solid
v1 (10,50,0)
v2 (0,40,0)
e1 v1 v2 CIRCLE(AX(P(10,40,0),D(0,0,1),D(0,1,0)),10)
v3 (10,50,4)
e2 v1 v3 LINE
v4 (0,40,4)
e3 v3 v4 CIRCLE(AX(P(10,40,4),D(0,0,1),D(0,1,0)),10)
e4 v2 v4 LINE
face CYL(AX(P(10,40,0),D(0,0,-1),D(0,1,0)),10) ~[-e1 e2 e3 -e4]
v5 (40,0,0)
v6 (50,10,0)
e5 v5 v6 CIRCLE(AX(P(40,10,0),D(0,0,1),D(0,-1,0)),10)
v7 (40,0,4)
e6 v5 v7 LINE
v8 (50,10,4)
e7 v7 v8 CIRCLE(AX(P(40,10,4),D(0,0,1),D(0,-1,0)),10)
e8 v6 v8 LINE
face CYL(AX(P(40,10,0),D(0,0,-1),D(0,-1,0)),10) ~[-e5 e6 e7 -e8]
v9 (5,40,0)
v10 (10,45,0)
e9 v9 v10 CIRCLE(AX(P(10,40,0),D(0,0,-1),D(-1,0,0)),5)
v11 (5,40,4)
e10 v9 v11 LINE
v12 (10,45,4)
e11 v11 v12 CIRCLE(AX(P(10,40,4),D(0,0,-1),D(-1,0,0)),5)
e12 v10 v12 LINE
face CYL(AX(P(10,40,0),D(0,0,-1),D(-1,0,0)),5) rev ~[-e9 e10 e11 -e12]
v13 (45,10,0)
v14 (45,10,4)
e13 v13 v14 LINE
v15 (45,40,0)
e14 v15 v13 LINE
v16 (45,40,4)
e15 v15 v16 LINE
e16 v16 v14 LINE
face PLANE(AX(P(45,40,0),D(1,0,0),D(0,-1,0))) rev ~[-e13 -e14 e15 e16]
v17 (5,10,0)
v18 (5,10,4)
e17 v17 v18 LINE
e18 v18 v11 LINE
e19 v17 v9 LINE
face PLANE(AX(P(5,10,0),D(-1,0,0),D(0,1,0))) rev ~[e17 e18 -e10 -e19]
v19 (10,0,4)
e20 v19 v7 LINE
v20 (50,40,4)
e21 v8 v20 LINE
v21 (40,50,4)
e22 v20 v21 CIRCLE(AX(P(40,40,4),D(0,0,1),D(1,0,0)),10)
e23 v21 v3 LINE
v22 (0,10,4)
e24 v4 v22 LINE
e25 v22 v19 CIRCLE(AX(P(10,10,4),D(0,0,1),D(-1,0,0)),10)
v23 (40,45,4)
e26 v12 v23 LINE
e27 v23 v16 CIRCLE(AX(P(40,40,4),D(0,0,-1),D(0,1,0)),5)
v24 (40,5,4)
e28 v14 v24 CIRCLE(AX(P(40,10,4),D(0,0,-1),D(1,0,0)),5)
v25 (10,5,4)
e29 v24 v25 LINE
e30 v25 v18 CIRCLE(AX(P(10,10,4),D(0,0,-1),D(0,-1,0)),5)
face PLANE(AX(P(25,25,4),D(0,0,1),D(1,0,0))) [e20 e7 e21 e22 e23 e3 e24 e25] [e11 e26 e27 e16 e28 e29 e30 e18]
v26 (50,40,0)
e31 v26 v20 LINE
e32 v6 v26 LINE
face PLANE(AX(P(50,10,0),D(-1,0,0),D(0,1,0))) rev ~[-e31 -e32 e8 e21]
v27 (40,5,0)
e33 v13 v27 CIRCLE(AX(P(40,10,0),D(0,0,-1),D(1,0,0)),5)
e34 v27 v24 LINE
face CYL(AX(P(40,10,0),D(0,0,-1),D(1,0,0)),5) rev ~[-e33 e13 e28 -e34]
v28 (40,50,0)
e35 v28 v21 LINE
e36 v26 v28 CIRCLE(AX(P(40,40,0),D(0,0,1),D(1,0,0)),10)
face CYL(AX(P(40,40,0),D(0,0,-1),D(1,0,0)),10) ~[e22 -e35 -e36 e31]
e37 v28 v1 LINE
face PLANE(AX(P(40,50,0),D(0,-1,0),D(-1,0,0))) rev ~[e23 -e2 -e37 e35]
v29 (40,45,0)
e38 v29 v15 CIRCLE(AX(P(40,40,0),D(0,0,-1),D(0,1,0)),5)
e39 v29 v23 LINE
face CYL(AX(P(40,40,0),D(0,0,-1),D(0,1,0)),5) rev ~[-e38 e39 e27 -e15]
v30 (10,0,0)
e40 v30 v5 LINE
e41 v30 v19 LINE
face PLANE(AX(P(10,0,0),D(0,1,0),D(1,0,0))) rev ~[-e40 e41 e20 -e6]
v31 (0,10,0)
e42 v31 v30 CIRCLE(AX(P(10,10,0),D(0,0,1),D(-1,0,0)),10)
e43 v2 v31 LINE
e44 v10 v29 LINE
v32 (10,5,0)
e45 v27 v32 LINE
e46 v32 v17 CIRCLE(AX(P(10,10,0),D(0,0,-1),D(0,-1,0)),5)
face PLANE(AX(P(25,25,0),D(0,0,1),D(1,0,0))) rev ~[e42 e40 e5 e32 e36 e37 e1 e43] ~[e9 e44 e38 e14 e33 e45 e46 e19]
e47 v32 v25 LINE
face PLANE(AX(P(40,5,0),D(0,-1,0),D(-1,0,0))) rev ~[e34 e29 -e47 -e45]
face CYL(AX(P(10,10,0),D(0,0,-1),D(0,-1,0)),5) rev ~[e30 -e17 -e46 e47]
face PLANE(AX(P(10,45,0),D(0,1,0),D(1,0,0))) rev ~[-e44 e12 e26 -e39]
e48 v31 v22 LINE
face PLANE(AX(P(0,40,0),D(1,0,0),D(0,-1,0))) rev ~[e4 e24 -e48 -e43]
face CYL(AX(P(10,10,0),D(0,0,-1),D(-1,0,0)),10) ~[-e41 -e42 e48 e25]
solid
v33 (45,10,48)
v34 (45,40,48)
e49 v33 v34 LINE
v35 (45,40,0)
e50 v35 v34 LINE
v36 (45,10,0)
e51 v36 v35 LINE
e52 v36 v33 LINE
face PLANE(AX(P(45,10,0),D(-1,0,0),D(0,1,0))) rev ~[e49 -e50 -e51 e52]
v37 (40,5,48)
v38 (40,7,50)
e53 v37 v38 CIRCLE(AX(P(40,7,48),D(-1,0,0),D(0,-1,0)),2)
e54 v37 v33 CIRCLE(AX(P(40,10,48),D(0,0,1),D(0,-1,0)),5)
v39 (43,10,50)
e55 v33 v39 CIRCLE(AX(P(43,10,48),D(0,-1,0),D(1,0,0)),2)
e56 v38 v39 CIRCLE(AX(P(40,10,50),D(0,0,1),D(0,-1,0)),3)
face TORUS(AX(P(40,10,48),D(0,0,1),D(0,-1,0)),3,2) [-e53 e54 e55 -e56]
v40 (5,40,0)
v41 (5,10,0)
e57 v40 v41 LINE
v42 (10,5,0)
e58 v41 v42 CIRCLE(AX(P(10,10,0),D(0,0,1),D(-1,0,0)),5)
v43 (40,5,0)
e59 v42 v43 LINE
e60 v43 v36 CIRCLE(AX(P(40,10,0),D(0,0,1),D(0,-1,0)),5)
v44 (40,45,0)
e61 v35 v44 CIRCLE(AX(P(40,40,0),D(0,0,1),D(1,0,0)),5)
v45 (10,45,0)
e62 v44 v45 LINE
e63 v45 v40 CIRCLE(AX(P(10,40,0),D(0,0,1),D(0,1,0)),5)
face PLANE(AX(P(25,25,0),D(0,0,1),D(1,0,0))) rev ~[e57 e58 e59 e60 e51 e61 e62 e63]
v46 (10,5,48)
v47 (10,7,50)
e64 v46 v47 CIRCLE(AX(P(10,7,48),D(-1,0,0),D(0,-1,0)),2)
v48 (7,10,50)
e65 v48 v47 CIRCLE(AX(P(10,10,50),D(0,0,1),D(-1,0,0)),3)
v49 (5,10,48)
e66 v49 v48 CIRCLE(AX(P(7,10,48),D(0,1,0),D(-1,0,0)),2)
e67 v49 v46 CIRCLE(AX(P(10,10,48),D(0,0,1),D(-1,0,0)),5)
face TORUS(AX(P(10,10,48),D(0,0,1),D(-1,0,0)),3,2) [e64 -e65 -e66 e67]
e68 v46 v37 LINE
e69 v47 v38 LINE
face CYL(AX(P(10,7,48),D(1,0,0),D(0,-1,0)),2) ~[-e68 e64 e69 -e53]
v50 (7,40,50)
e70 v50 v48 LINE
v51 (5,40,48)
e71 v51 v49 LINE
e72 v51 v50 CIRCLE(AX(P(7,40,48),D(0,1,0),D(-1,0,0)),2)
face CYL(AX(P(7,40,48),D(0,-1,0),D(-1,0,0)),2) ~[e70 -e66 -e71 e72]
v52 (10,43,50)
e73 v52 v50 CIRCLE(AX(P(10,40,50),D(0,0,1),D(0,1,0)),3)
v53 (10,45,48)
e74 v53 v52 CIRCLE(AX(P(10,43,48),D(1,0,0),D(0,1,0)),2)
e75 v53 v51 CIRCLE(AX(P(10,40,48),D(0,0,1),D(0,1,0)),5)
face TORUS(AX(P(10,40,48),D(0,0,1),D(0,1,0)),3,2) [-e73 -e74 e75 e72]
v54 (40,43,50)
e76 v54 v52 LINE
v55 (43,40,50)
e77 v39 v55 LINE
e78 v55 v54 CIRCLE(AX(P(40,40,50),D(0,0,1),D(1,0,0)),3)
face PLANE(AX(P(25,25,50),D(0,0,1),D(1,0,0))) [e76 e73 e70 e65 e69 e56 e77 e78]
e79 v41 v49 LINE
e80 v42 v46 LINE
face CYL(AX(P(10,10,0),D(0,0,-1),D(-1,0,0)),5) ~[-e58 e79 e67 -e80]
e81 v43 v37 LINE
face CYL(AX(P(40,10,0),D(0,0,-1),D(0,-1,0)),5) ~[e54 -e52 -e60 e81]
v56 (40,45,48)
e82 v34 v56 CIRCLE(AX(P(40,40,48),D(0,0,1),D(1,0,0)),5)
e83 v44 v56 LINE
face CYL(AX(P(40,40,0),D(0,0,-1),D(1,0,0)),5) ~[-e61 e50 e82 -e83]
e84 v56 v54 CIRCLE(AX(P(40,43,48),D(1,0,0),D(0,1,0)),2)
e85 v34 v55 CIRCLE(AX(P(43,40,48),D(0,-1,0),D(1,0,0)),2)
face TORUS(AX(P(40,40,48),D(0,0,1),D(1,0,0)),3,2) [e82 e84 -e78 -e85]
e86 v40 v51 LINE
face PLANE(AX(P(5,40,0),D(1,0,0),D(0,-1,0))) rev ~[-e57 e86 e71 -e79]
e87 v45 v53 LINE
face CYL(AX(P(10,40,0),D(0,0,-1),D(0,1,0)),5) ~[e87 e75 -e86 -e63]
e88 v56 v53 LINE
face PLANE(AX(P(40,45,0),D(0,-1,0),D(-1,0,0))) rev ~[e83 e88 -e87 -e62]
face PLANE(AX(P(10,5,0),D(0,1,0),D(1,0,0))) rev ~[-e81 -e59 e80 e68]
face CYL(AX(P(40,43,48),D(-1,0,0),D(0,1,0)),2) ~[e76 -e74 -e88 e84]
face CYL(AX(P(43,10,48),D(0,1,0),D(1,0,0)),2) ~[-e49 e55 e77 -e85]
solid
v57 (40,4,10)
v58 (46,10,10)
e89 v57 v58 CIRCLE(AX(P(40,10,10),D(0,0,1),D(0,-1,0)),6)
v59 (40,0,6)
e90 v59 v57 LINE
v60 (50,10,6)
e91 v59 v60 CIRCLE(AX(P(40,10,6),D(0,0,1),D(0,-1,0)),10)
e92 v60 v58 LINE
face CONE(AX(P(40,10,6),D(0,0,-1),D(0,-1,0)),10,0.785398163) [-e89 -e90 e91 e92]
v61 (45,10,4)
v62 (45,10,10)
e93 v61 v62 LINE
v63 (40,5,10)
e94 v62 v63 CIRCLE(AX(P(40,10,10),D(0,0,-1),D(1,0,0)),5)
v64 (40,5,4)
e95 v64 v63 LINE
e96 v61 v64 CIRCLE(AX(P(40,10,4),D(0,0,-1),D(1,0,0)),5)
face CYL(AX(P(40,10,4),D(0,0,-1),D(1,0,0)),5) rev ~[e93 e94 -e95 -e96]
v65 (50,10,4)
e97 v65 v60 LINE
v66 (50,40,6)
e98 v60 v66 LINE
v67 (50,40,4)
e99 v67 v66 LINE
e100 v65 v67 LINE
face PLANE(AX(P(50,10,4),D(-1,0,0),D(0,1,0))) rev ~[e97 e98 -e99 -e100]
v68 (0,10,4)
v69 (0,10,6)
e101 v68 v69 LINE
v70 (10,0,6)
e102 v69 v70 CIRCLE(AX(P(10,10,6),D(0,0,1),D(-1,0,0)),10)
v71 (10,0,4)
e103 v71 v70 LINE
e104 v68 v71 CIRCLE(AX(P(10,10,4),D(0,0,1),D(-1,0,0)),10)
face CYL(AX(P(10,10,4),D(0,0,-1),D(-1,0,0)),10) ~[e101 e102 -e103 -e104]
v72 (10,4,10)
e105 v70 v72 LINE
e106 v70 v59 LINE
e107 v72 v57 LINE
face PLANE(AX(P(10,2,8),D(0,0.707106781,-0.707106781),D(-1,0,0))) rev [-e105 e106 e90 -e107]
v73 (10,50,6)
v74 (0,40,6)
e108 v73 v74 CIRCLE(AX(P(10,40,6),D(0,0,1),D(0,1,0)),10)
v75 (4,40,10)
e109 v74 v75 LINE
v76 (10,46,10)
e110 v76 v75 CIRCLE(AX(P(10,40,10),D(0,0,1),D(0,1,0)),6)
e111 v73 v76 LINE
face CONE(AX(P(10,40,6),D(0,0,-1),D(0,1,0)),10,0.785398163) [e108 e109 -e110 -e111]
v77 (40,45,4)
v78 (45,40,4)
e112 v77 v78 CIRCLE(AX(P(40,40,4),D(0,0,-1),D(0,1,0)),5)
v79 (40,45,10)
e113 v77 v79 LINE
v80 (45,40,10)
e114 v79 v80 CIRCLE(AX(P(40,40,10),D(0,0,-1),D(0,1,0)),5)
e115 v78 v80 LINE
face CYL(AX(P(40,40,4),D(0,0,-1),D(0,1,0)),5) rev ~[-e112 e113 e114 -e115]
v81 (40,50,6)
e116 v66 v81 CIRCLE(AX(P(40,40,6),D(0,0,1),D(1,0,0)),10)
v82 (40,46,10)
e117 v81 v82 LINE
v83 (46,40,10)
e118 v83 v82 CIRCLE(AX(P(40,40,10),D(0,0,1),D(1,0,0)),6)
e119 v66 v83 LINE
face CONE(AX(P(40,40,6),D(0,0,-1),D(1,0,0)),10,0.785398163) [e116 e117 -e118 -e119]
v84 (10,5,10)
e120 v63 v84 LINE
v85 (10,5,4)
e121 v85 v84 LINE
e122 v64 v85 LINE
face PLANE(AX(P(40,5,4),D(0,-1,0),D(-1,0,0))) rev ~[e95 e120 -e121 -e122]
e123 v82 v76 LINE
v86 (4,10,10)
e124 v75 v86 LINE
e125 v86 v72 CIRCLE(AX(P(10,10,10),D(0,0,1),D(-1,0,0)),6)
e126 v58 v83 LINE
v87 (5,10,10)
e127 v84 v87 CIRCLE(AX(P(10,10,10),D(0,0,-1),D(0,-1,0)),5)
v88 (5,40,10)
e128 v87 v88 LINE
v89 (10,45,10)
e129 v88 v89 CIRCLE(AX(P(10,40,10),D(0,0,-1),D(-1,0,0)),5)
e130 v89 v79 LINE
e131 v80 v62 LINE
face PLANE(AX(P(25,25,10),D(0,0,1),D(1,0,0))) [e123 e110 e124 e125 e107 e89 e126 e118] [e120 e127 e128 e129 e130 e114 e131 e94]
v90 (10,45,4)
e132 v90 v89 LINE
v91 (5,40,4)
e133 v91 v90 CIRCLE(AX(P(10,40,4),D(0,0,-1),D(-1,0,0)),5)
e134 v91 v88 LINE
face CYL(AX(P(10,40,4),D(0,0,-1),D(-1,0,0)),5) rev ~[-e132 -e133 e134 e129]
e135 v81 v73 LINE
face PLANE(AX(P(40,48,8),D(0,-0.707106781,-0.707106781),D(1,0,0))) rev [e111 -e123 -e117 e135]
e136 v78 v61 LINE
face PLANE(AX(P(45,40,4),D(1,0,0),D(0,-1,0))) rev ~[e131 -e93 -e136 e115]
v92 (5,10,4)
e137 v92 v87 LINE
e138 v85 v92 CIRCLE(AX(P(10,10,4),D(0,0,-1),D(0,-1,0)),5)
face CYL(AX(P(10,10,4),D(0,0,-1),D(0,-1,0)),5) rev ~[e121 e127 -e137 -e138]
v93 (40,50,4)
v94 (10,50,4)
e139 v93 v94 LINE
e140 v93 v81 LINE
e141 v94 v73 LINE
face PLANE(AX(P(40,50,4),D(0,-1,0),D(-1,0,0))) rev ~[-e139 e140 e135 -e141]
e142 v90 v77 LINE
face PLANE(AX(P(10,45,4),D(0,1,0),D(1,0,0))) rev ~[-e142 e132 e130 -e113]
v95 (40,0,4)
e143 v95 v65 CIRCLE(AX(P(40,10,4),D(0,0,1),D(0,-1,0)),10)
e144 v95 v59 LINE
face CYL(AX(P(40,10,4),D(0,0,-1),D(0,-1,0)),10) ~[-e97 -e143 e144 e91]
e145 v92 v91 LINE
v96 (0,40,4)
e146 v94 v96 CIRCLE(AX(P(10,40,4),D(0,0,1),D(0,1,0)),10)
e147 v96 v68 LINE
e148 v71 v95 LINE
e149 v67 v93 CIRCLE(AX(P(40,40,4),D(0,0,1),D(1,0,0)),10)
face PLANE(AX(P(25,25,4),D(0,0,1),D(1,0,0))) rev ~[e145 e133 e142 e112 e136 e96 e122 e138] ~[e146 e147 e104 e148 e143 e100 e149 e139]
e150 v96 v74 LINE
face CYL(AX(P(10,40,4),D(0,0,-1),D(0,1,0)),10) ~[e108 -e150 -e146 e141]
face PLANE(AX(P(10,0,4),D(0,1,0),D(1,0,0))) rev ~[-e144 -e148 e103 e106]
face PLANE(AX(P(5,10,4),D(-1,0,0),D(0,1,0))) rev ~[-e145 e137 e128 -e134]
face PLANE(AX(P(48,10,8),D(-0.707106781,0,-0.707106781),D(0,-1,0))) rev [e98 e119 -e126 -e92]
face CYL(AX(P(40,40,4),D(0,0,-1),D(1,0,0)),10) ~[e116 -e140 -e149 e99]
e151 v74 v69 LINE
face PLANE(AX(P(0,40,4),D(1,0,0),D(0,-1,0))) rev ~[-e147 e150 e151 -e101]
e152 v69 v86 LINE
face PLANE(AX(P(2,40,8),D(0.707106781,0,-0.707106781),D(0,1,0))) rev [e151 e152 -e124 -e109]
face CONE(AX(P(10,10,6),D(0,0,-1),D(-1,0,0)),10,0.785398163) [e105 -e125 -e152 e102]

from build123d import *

# Parameters (mm, degrees)
F1_DEPTH = 4
F2_START = 4
F2_DEPTH = 6
F3_SIZE  = 4
F4_DEPTH = 50
F5_R     = 2


with BuildPart() as f1:
    # F0 (on Top) → F1 (new body)
    with BuildSketch(Plane.XY):
        with BuildLine():
            ThreePointArc((0, 10), (2.9289321881, 2.9289321881), (10, 0))
            Line((10, 0), (40, 0))
            ThreePointArc((40, 0), (47.0710678119, 2.9289321881), (50, 10))
            Line((50, 10), (50, 40))
            ThreePointArc((50, 40), (47.0710678119, 47.0710678119), (40, 50))
            Line((40, 50), (10, 50))
            ThreePointArc((10, 50), (2.9289321881, 47.0710678119), (0, 40))
            Line((0, 40), (0, 10))
        make_face()
        with BuildLine():
            Line((40, 5), (10, 5))
            ThreePointArc((10, 5), (6.4644660941, 6.4644660941), (5, 10))
            Line((5, 10), (5, 40))
            ThreePointArc((5, 40), (6.4644660941, 43.5355339059), (10, 45))
            Line((10, 45), (40, 45))
            ThreePointArc((40, 45), (43.5355339059, 43.5355339059), (45, 40))
            Line((45, 40), (45, 10))
            ThreePointArc((45, 10), (43.5355339059, 6.4644660941), (40, 5))
        make_face(mode=Mode.SUBTRACT)
    extrude(amount=F1_DEPTH)


with BuildPart() as f2:
    # F0 (on Top) → F2 (new body)
    with BuildSketch(Plane.XY.offset(F2_START)):
        with BuildLine():
            ThreePointArc((0, 10), (2.9289321881, 2.9289321881), (10, 0))
            Line((10, 0), (40, 0))
            ThreePointArc((40, 0), (47.0710678119, 2.9289321881), (50, 10))
            Line((50, 10), (50, 40))
            ThreePointArc((50, 40), (47.0710678119, 47.0710678119), (40, 50))
            Line((40, 50), (10, 50))
            ThreePointArc((10, 50), (2.9289321881, 47.0710678119), (0, 40))
            Line((0, 40), (0, 10))
        make_face()
        with BuildLine():
            Line((40, 5), (10, 5))
            ThreePointArc((10, 5), (6.4644660941, 6.4644660941), (5, 10))
            Line((5, 10), (5, 40))
            ThreePointArc((5, 40), (6.4644660941, 43.5355339059), (10, 45))
            Line((10, 45), (40, 45))
            ThreePointArc((40, 45), (43.5355339059, 43.5355339059), (45, 40))
            Line((45, 40), (45, 10))
            ThreePointArc((45, 10), (43.5355339059, 6.4644660941), (40, 5))
        make_face(mode=Mode.SUBTRACT)
    extrude(amount=F2_DEPTH)

    # F3
    f3_edges = [f2.edges().sort_by_distance(p)[0] for p in [
        (50, 25, 10),
    ]]
    chamfer(f3_edges, length=F3_SIZE)


with BuildPart() as f4:
    # F0 (on Top) → F4 (new body)
    with BuildSketch(Plane.XY):
        with BuildLine():
            ThreePointArc((5, 10), (6.4644660941, 6.4644660941), (10, 5))
            Line((10, 5), (40, 5))
            ThreePointArc((40, 5), (43.5355339059, 6.4644660941), (45, 10))
            Line((45, 10), (45, 40))
            ThreePointArc((45, 40), (43.5355339059, 43.5355339059), (40, 45))
            Line((40, 45), (10, 45))
            ThreePointArc((10, 45), (6.4644660941, 43.5355339059), (5, 40))
            Line((5, 40), (5, 10))
        make_face()
    extrude(amount=F4_DEPTH)

    # F5
    f5_edges = [f4.edges().sort_by_distance(p)[0] for p in [
        (25, 45, 50),
    ]]
    fillet(f5_edges, radius=F5_R)


solid = Compound([f1.part, f2.part, f4.part])
